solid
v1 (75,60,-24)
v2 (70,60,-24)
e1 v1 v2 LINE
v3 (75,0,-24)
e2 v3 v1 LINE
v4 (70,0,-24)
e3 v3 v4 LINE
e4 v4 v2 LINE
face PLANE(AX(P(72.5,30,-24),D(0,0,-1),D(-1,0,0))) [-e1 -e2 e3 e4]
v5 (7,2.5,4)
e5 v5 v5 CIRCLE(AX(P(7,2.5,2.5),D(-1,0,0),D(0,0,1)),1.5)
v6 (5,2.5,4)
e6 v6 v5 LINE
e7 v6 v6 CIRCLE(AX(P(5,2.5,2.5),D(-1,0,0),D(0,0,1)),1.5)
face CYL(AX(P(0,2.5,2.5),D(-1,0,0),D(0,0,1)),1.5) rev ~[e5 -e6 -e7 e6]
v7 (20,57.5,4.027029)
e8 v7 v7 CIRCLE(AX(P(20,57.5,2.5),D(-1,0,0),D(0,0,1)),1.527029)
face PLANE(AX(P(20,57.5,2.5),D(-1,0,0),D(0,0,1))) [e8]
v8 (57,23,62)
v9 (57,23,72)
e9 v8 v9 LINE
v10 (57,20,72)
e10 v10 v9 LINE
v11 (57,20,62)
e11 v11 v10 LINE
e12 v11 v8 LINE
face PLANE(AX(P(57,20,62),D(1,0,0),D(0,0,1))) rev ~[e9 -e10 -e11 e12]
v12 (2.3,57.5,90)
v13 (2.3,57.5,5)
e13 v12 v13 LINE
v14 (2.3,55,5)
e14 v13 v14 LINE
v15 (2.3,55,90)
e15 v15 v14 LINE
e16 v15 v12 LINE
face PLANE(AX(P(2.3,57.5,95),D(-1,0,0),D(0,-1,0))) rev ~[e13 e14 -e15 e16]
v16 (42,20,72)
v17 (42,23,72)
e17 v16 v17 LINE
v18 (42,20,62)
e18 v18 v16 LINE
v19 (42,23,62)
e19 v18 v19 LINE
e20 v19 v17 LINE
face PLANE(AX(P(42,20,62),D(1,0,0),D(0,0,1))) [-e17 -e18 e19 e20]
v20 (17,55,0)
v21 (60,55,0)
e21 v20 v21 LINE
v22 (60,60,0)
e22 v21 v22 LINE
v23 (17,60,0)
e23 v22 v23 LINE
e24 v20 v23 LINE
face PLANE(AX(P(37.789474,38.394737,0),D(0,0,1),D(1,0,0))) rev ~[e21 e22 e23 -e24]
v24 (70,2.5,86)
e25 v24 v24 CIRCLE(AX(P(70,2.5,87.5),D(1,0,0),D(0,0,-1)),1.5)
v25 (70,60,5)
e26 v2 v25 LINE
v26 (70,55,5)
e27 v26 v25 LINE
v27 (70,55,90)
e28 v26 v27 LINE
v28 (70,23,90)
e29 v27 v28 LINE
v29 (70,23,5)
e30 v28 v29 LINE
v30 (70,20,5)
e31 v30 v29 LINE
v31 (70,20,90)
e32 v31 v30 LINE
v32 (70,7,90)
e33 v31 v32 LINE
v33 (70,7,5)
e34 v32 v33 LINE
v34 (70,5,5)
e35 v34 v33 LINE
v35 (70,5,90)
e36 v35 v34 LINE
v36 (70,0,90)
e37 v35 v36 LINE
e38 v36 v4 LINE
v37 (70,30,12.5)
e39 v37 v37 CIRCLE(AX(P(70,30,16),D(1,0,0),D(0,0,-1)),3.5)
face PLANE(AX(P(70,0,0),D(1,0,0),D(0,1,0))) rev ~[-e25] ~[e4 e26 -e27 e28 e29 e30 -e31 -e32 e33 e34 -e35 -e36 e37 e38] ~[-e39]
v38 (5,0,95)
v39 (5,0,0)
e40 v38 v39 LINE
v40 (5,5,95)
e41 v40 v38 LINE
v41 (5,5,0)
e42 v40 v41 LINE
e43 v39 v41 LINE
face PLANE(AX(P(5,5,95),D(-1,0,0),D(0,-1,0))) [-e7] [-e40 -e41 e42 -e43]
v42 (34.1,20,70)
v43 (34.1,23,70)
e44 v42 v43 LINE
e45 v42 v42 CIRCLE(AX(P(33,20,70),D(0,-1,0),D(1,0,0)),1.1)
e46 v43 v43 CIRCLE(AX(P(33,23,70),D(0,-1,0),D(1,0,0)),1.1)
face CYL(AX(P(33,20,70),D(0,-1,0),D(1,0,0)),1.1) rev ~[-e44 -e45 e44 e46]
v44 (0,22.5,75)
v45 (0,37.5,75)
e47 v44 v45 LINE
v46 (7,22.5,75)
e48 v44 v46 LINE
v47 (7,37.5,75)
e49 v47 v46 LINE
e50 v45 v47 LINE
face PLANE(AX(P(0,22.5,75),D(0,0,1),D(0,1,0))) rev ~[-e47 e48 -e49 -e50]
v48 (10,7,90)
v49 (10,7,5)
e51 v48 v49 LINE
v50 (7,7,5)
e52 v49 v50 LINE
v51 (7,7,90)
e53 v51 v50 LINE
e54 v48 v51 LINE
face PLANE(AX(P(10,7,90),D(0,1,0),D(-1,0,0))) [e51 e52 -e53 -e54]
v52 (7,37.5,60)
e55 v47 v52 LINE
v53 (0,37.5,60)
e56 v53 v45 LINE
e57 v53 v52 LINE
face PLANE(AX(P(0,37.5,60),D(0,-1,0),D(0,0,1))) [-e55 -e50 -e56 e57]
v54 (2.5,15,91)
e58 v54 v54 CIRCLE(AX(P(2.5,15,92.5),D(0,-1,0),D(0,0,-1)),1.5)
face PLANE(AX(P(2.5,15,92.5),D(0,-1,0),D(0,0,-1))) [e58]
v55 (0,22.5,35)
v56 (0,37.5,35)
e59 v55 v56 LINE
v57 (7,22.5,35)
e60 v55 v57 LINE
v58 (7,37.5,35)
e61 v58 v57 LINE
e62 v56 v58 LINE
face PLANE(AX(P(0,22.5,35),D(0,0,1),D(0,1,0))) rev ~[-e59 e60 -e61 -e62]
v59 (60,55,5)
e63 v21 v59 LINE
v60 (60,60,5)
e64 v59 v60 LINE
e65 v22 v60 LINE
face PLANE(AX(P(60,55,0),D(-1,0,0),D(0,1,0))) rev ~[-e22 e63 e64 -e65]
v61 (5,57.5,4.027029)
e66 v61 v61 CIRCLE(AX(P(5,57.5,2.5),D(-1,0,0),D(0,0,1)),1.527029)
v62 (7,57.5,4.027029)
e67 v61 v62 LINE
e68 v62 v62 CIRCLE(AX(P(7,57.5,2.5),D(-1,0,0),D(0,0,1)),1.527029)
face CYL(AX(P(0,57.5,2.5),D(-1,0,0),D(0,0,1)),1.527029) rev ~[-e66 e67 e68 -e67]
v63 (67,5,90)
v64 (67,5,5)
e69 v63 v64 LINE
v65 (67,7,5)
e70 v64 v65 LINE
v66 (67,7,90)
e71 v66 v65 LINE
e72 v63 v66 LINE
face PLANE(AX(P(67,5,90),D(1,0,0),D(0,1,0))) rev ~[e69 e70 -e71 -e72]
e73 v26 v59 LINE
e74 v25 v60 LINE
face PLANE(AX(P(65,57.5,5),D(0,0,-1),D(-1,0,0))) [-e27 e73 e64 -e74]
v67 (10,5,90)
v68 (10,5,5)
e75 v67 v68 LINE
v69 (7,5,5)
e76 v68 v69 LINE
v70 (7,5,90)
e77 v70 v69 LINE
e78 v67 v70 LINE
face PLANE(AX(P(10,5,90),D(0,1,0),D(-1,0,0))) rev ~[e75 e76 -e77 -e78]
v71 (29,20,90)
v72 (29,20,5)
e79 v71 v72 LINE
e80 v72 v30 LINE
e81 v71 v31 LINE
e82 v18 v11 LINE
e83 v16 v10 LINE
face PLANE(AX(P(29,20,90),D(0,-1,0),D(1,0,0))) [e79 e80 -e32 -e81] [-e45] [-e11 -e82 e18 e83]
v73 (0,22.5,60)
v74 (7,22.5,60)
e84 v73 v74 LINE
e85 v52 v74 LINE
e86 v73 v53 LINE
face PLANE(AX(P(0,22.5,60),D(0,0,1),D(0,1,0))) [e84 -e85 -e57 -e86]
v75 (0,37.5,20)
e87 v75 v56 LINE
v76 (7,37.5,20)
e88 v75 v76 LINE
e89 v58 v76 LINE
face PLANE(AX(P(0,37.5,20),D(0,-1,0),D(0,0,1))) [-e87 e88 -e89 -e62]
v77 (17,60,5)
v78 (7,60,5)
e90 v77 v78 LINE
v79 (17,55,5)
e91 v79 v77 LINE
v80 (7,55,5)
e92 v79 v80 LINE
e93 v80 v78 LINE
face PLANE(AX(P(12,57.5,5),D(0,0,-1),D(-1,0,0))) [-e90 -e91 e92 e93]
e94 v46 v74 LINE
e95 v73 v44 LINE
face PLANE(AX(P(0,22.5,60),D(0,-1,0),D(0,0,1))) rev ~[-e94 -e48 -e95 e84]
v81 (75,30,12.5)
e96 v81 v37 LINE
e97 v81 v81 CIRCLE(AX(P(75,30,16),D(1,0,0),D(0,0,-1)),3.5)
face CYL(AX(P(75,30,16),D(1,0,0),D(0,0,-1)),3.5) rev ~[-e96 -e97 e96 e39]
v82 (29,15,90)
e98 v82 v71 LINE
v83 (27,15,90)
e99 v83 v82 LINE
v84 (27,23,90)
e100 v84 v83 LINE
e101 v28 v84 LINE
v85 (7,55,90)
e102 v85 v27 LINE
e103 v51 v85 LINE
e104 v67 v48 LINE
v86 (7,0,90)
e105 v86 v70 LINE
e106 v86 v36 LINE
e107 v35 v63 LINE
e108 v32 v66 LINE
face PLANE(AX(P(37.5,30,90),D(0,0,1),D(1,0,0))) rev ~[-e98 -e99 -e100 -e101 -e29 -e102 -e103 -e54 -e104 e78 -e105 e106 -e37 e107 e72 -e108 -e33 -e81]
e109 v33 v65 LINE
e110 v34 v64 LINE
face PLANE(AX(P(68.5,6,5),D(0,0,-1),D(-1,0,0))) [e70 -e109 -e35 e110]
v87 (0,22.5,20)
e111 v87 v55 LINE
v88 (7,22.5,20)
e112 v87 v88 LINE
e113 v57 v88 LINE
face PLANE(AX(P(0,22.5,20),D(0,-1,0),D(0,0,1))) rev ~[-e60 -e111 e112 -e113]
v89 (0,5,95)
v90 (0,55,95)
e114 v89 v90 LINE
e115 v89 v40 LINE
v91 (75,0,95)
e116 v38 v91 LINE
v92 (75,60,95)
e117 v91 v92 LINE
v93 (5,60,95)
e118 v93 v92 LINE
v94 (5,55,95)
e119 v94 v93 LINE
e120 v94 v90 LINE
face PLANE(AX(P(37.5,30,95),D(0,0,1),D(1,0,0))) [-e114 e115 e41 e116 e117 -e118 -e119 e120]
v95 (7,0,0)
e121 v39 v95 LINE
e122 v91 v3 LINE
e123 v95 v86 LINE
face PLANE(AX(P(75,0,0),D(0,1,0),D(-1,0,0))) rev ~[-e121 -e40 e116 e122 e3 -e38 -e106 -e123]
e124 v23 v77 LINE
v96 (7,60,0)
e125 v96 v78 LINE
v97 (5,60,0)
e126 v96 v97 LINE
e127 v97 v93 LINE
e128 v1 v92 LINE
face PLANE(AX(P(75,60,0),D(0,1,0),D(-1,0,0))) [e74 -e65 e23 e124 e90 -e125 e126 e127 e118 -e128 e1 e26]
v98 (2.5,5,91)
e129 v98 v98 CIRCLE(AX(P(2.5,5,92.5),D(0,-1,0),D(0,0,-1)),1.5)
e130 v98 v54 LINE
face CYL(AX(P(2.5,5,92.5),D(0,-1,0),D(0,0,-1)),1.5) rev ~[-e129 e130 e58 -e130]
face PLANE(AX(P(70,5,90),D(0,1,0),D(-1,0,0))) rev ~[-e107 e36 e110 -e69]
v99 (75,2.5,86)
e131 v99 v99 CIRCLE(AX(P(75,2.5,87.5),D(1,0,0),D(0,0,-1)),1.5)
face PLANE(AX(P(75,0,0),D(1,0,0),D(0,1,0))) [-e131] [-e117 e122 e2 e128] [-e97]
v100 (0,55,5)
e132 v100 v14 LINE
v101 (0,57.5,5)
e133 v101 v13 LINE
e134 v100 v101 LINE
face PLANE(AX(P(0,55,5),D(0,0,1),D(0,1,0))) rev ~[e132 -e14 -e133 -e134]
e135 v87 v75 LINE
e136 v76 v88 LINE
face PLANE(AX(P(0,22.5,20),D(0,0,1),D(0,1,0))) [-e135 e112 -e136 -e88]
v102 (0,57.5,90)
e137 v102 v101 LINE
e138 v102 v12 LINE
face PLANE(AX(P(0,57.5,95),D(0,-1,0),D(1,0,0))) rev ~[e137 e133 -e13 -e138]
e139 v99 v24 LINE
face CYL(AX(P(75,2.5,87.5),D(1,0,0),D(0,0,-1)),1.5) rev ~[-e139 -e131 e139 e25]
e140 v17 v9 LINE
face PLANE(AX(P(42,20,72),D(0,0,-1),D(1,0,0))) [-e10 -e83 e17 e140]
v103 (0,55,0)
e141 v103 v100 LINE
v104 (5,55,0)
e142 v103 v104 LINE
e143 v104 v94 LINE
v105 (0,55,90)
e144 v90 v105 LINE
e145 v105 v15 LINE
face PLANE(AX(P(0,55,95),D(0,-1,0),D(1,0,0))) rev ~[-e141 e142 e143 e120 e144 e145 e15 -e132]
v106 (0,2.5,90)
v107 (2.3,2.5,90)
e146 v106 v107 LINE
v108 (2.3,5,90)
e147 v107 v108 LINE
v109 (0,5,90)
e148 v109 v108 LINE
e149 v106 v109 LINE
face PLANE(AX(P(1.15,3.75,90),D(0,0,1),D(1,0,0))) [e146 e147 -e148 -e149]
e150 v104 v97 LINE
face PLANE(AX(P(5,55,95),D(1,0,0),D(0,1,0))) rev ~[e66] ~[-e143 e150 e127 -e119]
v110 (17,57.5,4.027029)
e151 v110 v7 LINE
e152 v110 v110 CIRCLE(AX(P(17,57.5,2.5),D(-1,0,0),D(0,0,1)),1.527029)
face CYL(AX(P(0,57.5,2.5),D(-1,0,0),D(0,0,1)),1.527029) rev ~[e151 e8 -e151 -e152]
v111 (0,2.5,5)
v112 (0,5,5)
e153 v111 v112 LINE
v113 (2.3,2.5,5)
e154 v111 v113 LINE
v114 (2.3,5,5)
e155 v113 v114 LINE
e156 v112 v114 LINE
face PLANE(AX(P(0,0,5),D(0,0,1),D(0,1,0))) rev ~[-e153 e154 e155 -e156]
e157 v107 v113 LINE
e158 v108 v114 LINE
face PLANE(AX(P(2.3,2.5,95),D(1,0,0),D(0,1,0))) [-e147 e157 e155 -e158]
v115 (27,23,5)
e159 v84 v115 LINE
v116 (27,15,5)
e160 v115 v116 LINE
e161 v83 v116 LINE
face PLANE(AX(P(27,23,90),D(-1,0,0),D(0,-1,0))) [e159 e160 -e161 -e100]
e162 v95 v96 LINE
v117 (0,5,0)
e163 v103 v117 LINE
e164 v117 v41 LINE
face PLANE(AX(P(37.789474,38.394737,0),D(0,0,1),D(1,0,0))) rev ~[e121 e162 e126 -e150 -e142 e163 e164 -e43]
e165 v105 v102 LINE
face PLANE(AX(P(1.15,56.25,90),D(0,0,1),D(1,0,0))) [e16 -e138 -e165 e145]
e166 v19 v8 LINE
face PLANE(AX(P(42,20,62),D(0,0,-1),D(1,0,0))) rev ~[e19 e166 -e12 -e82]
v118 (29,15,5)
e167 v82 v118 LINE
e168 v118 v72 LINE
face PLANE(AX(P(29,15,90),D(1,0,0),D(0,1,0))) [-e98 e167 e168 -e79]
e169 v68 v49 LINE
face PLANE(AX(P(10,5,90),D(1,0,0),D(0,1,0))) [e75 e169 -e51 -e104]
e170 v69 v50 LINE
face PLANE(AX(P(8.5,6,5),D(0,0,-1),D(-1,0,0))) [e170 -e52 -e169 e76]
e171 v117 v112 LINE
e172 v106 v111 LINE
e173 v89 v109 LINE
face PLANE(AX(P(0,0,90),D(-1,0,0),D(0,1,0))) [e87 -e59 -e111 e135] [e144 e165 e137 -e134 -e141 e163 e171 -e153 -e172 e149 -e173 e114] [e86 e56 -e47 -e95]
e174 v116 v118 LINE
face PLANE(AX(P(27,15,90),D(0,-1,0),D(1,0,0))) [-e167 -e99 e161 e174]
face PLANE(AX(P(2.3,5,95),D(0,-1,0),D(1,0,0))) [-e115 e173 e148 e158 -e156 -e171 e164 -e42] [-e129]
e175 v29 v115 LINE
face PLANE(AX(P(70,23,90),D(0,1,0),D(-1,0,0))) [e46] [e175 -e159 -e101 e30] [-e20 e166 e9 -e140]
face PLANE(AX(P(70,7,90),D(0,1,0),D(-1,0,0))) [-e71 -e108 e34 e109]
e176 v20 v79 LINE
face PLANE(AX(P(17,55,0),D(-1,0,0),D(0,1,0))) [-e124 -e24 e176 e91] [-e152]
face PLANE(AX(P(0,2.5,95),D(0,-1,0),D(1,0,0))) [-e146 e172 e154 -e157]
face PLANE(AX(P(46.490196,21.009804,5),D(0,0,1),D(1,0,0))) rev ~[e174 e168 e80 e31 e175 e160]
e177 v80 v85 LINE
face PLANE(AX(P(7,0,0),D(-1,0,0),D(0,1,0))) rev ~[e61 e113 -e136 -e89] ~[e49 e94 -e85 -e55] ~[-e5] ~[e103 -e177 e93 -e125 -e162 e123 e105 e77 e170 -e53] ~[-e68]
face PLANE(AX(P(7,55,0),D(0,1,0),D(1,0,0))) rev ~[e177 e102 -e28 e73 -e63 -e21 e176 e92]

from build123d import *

# Parameters (mm, degrees)
VOLUME_BOITIER_DEPTH     = 90
ESQUISSE2_W              = 75
ESQUISSE2_H              = 60
FACE_INF_RIEURE_DEPTH    = 5
ESQUISSE3_W              = 5
ESQUISSE3_H              = 60
FACE_PILE_DEPTH          = 24
ENL_V_MAT_EXTRU_6_REACH  = 137.093
ESQUISSE11_R             = 3.5
ESQUISSE11_R_2           = 1.5
ESQUISSE12_W             = 3
ESQUISSE12_H             = 2
BOSS_EXTRU_7_DEPTH       = 85
ESQUISSE13_R             = 1.5
ESQUISSE13_R_2           = 1.527028633
ENL_V_MAT_EXTRU_7_DEPTH  = 20
ESQUISSE14_W             = 10
ESQUISSE14_H             = 5
ENL_V_MAT_EXTRU_8_DEPTH  = 5
ENL_V_MAT_EXTRU_9_REACH  = 129.475
ESQUISSE15_R             = 1.1
ENL_V_MAT_EXTRU_10_DEPTH = 90
ESQUISSE17_W             = 5
ESQUISSE17_H             = 5
ENL_V_MAT_EXTRU_11_DEPTH = 5
ESQUISSE18_W             = 2.3
ESQUISSE18_H             = 2.5
ENL_V_MAT_EXTRU_12_DEPTH = 5
ENL_V_MAT_EXTRU_13_REACH = 137.093
ESQUISSE20_W             = 15
ESQUISSE20_H             = 15
ENL_V_MAT_EXTRU_14_REACH = 129.475
ESQUISSE21_W             = 15
ESQUISSE21_H             = 10
ESQUISSE22_R             = 1.5
ENL_V_MAT_EXTRU_15_DEPTH = 10


with BuildPart() as part:
    # Esquisse1 → volume boitier (new body)
    with BuildSketch(Plane.XY):
        Polygon((0, 60), (0, 0), (7, 0), (7, 55), (70, 55), (70, 0), (75, 0), (75, 60), align=None)
    extrude(amount=VOLUME_BOITIER_DEPTH)

    # Esquisse2 → face inférieure (add)
    with BuildSketch(Plane.XY.offset(90)):
        with Locations((37.5, 30)):
            Rectangle(ESQUISSE2_W, ESQUISSE2_H)
    extrude(amount=FACE_INF_RIEURE_DEPTH)

    # Esquisse3 → face pile (add)
    with BuildSketch(Plane(origin=(0, 0, 0), x_dir=(-1, 0, 0), z_dir=(0, 0, -1))):
        with Locations((-72.5, 30)):
            Rectangle(ESQUISSE3_W, ESQUISSE3_H)
    extrude(amount=FACE_PILE_DEPTH)

    # Esquisse11 → Enlèv. mat.-Extru.6 (cut, up to next)
    with BuildSketch(Plane(origin=(75, 0, 0), x_dir=(0, 0, -1), z_dir=(1, 0, 0)), mode=Mode.PRIVATE) as enl_v_mat_extru_6_sk1:
        with Locations((-16, 30)):
            Circle(ESQUISSE11_R)
    enl_v_mat_extru_6_tool1 = extrude(enl_v_mat_extru_6_sk1.sketch, amount=-ENL_V_MAT_EXTRU_6_REACH, mode=Mode.PRIVATE) & part.part
    # Esquisse11 → Enlèv. mat.-Extru.6 (cut, up to next)
    with BuildSketch(Plane(origin=(75, 0, 0), x_dir=(0, 0, -1), z_dir=(1, 0, 0)), mode=Mode.PRIVATE) as enl_v_mat_extru_6_sk2:
        with Locations((-87.5, 2.5)):
            Circle(ESQUISSE11_R_2)
    enl_v_mat_extru_6_tool2 = extrude(enl_v_mat_extru_6_sk2.sketch, amount=-ENL_V_MAT_EXTRU_6_REACH, mode=Mode.PRIVATE) & part.part
    add(enl_v_mat_extru_6_tool1.solids().sort_by_distance((75, 30, 16))[0], mode=Mode.SUBTRACT)
    add(enl_v_mat_extru_6_tool2.solids().sort_by_distance((75, 2.5, 87.5))[0], mode=Mode.SUBTRACT)

    # Esquisse12 → Boss.-Extru.7 (add)
    with BuildSketch(Plane(origin=(0, 0, 90), x_dir=(-1, 0, 0), z_dir=(0, 0, -1))):
        Polygon((-70, 20), (-70, 23), (-27, 23), (-27, 15), (-29, 15), (-29, 20), align=None)
        with Locations((-68.5, 6)):
            Rectangle(ESQUISSE12_W, ESQUISSE12_H)
        with Locations((-8.5, 6)):
            Rectangle(ESQUISSE12_W, ESQUISSE12_H)
    extrude(amount=BOSS_EXTRU_7_DEPTH)

    # Esquisse13 → Enlèv. mat.-Extru.7 (cut)
    with BuildSketch(Plane.ZY):
        with Locations((2.5, 2.5)):
            Circle(ESQUISSE13_R)
        with Locations((2.5, 57.5)):
            Circle(ESQUISSE13_R_2)
    extrude(amount=-ENL_V_MAT_EXTRU_7_DEPTH, mode=Mode.SUBTRACT)

    # Esquisse14 → Enlèv. mat.-Extru.8 (cut)
    with BuildSketch(Plane(origin=(0, 0, 0), x_dir=(-1, 0, 0), z_dir=(0, 0, -1))):
        with Locations((-65, 57.5)):
            Rectangle(ESQUISSE14_W, ESQUISSE14_H)
        with Locations((-12, 57.5)):
            Rectangle(ESQUISSE14_W, ESQUISSE14_H)
    extrude(amount=-ENL_V_MAT_EXTRU_8_DEPTH, mode=Mode.SUBTRACT)

    # Esquisse15 → Enlèv. mat.-Extru.9 (cut, up to next)
    with BuildSketch(Plane.XZ.offset(-20), mode=Mode.PRIVATE) as enl_v_mat_extru_9_sk1:
        with Locations((33, 70)):
            Circle(ESQUISSE15_R)
    enl_v_mat_extru_9_tool1 = extrude(enl_v_mat_extru_9_sk1.sketch, amount=-ENL_V_MAT_EXTRU_9_REACH, mode=Mode.PRIVATE) & part.part
    add(enl_v_mat_extru_9_tool1.solids().sort_by_distance((33, 20, 70))[0], mode=Mode.SUBTRACT)

    # Esquisse16 → Enlèv. mat.-Extru.10 (cut)
    with BuildSketch(Plane.XY.offset(95)):
        Polygon((0, 2.5), (2.3, 2.5), (2.3, 5), (5, 5), (5, 0), (0, 0), align=None)
        Polygon((0, 60), (0, 57.5), (2.3, 57.5), (2.3, 55), (5, 55), (5, 60), align=None)
    extrude(amount=-ENL_V_MAT_EXTRU_10_DEPTH, mode=Mode.SUBTRACT)

    # Esquisse17 → Enlèv. mat.-Extru.11 (cut)
    with BuildSketch(Plane.ZY):
        with Locations((2.5, 2.5)):
            Rectangle(ESQUISSE17_W, ESQUISSE17_H)
        with Locations((2.5, 57.5)):
            Rectangle(ESQUISSE17_W, ESQUISSE17_H)
    extrude(amount=-ENL_V_MAT_EXTRU_11_DEPTH, mode=Mode.SUBTRACT)

    # Esquisse18 → Enlèv. mat.-Extru.12 (cut)
    with BuildSketch(Plane.XY.offset(95)):
        with Locations((1.15, 3.75)):
            Rectangle(ESQUISSE18_W, ESQUISSE18_H)
        with Locations((1.15, 56.25)):
            Rectangle(ESQUISSE18_W, ESQUISSE18_H)
    extrude(amount=-ENL_V_MAT_EXTRU_12_DEPTH, mode=Mode.SUBTRACT)

    # Esquisse20 → Enlèv. mat.-Extru.13 (cut, up to next)
    with BuildSketch(Plane.ZY, mode=Mode.PRIVATE) as enl_v_mat_extru_13_sk1:
        with Locations((27.5, 30)):
            Rectangle(ESQUISSE20_W, ESQUISSE20_H)
    enl_v_mat_extru_13_tool1 = extrude(enl_v_mat_extru_13_sk1.sketch, amount=-ENL_V_MAT_EXTRU_13_REACH, mode=Mode.PRIVATE) & part.part
    # Esquisse20 → Enlèv. mat.-Extru.13 (cut, up to next)
    with BuildSketch(Plane.ZY, mode=Mode.PRIVATE) as enl_v_mat_extru_13_sk2:
        with Locations((67.5, 30)):
            Rectangle(ESQUISSE20_W, ESQUISSE20_H)
    enl_v_mat_extru_13_tool2 = extrude(enl_v_mat_extru_13_sk2.sketch, amount=-ENL_V_MAT_EXTRU_13_REACH, mode=Mode.PRIVATE) & part.part
    add(enl_v_mat_extru_13_tool1.solids().sort_by_distance((0, 30, 27.5))[0], mode=Mode.SUBTRACT)
    add(enl_v_mat_extru_13_tool2.solids().sort_by_distance((0, 30, 67.5))[0], mode=Mode.SUBTRACT)

    # Esquisse21 → Enlèv. mat.-Extru.14 (cut, up to next)
    with BuildSketch(Plane.XZ.offset(-20), mode=Mode.PRIVATE) as enl_v_mat_extru_14_sk1:
        with Locations((49.5, 67)):
            Rectangle(ESQUISSE21_W, ESQUISSE21_H)
    enl_v_mat_extru_14_tool1 = extrude(enl_v_mat_extru_14_sk1.sketch, amount=-ENL_V_MAT_EXTRU_14_REACH, mode=Mode.PRIVATE) & part.part
    add(enl_v_mat_extru_14_tool1.solids().sort_by_distance((49.5, 20, 67))[0], mode=Mode.SUBTRACT)

    # Esquisse22 → Enlèv. mat.-Extru.15 (cut)
    with BuildSketch(Plane.XZ.offset(-5)):
        with Locations(Location((2.5, 92.5, 0), (0, 0, 270))):
            Circle(ESQUISSE22_R)
    extrude(amount=-ENL_V_MAT_EXTRU_15_DEPTH, mode=Mode.SUBTRACT)


solid = part.part
